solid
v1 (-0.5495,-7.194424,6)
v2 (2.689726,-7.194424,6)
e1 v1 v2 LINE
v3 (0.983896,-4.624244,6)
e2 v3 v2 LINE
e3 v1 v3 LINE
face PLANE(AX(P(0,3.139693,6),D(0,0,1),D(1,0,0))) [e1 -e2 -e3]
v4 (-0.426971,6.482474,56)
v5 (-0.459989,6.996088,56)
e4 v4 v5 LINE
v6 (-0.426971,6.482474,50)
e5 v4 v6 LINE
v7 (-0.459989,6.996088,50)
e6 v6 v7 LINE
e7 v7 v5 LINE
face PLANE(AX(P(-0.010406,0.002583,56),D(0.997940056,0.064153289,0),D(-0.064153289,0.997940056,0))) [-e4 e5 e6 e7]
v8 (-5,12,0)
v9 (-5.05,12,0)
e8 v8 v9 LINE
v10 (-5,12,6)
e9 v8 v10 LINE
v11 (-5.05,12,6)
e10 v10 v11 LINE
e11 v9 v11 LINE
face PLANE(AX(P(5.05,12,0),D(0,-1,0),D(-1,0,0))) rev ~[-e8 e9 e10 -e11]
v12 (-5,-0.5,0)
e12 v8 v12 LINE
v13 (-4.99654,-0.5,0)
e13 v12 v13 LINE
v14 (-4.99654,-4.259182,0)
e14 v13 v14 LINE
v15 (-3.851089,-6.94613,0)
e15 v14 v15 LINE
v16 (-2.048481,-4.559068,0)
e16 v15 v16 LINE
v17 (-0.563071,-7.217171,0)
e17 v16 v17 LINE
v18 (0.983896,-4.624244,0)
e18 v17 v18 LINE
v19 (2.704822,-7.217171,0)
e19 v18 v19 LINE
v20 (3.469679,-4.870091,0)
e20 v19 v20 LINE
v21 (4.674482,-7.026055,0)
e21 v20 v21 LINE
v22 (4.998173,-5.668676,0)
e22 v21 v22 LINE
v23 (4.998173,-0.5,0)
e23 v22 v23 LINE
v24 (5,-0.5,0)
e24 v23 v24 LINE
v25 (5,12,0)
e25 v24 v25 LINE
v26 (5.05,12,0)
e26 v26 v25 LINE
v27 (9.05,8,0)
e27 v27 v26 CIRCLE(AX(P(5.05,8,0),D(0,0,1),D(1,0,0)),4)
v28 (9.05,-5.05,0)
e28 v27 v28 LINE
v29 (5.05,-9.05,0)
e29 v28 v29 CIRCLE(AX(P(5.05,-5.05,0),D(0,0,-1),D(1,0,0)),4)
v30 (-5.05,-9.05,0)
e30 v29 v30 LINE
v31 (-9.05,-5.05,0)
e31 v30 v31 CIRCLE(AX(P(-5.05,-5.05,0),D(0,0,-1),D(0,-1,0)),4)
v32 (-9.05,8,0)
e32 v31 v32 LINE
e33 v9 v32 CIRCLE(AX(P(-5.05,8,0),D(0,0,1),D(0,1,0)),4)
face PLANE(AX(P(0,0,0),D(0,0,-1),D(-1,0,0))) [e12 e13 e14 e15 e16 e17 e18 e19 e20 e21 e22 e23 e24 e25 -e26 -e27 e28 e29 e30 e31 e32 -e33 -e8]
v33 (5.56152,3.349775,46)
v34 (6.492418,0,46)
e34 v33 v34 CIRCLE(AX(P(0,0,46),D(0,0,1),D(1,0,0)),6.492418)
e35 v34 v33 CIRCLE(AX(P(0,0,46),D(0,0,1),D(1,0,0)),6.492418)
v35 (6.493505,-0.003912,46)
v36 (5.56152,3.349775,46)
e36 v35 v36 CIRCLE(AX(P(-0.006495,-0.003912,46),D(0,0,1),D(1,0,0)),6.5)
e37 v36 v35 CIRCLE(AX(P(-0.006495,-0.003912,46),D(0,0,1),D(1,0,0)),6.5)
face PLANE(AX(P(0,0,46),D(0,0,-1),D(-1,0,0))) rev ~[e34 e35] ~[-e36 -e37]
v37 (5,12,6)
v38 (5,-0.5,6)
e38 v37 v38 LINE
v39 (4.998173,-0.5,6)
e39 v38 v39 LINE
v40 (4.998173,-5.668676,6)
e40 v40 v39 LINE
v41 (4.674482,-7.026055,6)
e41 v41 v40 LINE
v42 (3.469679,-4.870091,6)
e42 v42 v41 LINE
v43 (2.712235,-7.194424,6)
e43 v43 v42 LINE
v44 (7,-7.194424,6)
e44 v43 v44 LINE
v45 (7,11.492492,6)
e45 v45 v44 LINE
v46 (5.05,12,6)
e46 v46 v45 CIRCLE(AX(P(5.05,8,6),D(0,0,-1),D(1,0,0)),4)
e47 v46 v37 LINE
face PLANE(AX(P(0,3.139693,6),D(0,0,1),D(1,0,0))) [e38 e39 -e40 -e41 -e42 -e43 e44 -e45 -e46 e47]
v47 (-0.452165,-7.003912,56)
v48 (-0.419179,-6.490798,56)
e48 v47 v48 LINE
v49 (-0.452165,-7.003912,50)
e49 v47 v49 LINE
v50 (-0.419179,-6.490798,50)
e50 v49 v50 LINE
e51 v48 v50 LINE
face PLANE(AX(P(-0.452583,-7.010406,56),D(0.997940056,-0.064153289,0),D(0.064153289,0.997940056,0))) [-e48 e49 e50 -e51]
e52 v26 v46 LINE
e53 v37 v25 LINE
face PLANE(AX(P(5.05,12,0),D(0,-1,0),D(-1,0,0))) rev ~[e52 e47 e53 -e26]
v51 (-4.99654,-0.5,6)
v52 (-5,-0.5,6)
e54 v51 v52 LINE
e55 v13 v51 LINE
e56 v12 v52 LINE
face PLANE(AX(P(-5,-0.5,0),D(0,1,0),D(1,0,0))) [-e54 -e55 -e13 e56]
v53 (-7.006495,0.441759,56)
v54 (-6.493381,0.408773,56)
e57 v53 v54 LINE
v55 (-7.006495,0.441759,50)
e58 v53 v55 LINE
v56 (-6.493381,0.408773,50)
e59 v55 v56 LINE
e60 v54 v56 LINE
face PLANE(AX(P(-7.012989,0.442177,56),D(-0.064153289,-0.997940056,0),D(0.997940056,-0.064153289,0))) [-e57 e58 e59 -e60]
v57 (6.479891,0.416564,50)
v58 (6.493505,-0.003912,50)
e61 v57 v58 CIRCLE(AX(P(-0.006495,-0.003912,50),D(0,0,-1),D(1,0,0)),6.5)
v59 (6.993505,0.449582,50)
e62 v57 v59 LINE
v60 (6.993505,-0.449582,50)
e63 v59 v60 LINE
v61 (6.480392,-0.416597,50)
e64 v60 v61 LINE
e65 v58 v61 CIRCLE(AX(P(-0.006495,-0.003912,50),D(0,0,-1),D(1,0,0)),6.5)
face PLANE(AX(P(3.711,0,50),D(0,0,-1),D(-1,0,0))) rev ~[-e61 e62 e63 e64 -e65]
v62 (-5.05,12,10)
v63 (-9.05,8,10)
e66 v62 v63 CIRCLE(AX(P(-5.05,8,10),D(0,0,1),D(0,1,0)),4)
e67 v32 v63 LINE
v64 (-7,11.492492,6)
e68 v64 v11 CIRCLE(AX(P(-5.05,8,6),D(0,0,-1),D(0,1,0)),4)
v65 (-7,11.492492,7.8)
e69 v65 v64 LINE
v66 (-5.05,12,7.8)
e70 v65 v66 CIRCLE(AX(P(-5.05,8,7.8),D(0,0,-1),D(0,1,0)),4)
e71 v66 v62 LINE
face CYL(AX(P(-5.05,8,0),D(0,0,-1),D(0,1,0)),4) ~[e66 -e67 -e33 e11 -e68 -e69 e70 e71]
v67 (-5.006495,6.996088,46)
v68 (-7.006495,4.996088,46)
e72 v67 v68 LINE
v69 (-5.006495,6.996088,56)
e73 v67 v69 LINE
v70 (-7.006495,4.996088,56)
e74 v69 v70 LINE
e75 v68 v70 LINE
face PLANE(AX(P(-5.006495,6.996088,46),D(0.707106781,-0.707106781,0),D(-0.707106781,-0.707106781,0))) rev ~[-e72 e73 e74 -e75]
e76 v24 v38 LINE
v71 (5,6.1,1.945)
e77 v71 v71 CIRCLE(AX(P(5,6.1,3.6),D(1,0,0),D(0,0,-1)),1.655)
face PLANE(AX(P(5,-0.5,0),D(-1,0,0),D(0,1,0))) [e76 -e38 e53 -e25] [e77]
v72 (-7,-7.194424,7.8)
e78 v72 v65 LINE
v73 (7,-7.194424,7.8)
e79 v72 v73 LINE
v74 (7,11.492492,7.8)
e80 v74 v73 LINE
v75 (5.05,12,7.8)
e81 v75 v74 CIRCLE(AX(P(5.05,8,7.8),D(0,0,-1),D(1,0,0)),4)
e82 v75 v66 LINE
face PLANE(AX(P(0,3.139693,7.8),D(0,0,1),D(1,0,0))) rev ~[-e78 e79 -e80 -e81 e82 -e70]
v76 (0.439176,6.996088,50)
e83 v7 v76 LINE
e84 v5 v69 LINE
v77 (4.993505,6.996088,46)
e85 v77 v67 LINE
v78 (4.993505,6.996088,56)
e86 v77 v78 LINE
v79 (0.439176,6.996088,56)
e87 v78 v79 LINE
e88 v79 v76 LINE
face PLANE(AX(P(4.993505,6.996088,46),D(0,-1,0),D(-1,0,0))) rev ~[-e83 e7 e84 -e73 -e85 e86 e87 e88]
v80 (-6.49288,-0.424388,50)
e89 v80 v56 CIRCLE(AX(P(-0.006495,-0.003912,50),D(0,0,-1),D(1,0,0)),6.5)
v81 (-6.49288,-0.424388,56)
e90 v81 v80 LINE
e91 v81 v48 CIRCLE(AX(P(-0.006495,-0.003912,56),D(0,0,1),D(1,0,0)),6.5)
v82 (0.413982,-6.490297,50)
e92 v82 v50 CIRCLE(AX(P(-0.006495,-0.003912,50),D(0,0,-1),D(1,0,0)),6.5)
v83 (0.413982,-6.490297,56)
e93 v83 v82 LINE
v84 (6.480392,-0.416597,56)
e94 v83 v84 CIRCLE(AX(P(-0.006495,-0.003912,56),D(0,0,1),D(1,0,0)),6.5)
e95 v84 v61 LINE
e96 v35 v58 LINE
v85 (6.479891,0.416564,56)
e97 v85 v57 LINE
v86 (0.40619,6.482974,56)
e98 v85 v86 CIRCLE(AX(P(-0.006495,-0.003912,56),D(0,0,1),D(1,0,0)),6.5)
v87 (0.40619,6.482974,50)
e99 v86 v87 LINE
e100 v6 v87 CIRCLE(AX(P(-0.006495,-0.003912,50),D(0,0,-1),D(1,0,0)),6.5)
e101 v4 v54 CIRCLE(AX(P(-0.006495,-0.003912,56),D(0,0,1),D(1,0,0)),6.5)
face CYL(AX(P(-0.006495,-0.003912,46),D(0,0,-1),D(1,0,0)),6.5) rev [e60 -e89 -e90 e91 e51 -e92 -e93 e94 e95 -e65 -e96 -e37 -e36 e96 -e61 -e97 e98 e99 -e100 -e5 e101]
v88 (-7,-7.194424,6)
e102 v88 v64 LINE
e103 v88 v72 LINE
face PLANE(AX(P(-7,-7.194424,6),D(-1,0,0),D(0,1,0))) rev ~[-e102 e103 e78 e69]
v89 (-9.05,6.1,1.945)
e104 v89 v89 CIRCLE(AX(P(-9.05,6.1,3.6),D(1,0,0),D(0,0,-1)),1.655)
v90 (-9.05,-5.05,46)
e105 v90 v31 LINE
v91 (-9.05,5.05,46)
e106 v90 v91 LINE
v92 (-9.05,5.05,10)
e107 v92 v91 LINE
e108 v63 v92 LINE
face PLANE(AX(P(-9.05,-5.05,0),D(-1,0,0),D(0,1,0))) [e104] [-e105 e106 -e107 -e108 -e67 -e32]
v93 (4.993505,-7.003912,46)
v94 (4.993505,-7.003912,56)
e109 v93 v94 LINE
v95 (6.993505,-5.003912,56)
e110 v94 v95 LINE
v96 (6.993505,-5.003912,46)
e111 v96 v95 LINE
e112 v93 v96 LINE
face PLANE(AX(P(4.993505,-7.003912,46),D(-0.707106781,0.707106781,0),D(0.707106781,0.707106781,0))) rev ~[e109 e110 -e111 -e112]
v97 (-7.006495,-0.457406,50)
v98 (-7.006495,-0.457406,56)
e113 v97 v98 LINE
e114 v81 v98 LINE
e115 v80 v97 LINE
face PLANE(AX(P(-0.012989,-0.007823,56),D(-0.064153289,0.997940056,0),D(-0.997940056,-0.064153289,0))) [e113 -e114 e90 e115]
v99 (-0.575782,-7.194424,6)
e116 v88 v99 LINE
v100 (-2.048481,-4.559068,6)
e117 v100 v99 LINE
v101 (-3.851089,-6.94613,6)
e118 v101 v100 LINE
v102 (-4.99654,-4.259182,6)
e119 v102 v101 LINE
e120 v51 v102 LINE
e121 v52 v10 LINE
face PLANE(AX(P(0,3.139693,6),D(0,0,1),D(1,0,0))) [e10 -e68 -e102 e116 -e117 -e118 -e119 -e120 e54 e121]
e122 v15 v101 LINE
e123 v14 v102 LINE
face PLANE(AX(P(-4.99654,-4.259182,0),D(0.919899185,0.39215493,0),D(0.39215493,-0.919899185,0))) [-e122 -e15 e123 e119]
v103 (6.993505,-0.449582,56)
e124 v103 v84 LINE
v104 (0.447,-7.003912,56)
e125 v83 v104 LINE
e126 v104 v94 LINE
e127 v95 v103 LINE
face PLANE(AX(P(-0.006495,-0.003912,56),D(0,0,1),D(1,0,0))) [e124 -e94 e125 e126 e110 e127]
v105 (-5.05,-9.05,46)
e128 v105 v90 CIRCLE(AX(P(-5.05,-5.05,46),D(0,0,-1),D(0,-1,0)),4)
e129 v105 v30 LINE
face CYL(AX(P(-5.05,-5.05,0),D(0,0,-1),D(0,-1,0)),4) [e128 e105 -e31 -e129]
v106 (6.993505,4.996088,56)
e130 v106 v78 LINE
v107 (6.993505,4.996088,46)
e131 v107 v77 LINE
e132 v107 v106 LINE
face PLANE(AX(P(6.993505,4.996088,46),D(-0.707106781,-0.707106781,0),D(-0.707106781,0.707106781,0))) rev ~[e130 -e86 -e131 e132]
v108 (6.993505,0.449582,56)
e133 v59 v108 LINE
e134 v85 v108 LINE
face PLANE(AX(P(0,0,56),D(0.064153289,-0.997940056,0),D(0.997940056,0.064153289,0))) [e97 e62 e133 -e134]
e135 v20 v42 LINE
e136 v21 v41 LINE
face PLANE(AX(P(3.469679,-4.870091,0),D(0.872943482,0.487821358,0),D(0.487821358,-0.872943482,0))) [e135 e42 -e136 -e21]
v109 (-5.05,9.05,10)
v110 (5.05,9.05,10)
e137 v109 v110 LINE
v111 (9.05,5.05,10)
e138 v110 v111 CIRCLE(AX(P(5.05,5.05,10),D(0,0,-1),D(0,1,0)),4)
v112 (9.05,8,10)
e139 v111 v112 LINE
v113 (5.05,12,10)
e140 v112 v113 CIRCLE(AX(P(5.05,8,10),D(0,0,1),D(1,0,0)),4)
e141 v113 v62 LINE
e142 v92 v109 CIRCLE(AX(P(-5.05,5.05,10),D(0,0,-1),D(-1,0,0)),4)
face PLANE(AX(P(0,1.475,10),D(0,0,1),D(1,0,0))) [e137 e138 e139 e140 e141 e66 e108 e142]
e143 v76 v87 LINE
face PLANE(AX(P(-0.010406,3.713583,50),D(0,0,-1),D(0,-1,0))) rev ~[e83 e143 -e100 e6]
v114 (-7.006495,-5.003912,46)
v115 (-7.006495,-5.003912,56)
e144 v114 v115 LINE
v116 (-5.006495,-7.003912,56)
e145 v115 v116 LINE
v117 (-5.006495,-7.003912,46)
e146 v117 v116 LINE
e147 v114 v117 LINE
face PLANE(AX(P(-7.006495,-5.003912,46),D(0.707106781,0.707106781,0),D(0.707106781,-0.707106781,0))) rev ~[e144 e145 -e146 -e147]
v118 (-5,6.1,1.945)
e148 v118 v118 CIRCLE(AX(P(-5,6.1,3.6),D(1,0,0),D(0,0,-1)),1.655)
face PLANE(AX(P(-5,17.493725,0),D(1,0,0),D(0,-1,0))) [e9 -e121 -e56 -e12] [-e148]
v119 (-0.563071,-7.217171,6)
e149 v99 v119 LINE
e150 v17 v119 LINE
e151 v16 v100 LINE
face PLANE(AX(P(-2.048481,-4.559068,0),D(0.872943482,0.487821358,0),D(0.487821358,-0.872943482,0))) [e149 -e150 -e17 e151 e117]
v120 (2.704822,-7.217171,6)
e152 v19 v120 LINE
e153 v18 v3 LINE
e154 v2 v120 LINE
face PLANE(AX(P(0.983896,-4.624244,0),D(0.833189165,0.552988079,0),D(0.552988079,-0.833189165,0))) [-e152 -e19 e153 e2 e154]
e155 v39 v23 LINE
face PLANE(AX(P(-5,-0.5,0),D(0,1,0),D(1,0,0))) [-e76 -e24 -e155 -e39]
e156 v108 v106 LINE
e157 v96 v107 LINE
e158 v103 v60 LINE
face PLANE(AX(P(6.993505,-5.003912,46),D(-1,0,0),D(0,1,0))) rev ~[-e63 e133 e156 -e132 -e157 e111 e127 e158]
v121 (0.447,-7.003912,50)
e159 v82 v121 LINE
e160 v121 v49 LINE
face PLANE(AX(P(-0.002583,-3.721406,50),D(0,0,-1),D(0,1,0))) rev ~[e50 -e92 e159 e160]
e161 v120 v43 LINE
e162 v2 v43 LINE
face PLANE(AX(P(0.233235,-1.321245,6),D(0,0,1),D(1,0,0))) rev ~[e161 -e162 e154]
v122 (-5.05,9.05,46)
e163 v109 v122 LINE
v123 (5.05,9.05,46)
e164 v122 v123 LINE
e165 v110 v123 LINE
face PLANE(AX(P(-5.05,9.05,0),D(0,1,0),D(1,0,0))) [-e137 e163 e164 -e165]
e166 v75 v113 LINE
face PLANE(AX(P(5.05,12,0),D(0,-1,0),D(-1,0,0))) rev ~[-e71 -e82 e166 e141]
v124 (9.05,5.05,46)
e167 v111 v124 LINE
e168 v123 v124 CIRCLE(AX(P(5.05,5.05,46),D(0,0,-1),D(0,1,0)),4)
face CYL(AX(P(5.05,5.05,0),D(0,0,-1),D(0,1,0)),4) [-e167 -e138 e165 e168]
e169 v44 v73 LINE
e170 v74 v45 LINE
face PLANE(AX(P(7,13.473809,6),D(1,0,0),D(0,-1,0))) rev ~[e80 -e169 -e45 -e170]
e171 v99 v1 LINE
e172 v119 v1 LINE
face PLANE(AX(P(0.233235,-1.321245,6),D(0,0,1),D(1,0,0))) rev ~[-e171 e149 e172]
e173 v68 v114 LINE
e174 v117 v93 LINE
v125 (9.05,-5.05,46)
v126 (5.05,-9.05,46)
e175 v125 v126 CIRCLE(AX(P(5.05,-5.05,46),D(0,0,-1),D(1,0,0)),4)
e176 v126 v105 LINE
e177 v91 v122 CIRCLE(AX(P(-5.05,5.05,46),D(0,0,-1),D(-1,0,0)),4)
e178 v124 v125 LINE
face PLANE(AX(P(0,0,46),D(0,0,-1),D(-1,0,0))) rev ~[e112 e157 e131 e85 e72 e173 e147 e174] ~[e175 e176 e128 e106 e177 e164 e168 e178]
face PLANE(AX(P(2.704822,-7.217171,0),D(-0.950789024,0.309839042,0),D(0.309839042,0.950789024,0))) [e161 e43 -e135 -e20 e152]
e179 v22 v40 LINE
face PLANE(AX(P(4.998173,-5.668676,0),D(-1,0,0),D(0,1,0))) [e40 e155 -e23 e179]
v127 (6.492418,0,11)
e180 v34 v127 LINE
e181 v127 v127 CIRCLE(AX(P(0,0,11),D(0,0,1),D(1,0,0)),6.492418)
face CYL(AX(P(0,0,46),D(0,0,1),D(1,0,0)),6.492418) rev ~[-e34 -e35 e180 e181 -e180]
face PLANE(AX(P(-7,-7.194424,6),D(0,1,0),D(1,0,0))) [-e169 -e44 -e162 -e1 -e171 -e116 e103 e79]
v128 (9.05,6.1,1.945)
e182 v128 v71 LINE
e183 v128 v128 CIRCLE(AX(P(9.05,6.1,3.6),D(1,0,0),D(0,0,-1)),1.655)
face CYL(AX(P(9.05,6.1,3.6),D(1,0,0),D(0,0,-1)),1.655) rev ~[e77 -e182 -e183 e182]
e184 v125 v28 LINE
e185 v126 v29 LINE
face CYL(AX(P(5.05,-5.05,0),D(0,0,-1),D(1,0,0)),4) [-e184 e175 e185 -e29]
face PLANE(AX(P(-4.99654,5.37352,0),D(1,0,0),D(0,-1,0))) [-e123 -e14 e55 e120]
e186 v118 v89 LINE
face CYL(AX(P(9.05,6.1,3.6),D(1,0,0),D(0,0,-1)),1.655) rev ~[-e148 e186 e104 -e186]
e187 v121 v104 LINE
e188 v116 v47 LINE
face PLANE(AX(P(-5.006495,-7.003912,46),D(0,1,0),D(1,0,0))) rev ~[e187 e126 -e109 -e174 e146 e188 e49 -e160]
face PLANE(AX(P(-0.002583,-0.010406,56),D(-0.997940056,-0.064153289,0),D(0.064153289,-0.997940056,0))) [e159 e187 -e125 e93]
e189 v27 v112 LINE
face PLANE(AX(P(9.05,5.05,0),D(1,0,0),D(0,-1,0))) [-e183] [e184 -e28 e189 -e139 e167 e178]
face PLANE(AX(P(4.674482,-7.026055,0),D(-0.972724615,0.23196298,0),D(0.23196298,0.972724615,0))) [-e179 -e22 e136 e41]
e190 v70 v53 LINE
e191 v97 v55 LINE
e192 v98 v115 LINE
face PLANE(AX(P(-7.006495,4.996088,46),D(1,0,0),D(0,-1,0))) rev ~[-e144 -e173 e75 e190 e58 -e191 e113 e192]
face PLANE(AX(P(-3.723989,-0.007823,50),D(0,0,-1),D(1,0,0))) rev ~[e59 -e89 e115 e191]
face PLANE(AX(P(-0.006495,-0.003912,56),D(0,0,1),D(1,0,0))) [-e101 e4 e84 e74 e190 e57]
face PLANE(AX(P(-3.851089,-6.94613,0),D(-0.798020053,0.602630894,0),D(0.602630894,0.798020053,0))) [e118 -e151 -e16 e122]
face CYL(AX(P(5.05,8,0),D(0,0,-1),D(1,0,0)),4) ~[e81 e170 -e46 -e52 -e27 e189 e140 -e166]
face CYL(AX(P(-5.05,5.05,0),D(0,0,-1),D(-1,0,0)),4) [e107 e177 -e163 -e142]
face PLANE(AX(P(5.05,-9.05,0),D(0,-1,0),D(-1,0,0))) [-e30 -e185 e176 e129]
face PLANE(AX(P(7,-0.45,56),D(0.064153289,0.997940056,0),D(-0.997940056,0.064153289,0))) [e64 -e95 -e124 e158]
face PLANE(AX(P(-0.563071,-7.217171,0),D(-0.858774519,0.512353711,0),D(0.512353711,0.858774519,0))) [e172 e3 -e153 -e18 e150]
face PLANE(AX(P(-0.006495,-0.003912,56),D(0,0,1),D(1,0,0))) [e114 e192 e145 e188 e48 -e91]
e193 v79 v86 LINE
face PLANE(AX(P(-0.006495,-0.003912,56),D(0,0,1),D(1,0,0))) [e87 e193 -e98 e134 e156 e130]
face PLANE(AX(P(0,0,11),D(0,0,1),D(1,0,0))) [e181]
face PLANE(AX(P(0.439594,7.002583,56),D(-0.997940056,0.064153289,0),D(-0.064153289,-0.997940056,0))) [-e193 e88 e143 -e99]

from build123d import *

# Parameters (mm, degrees)
BOSS_EXTRUDE1_DEPTH = 46
BOSS_EXTRUDE3_DEPTH = 10
SKETCH17_R          = 1.655
CUT_EXTRUDE10_DEPTH = 30
CUT_EXTRUDE11_DEPTH = 6
CUT_EXTRUDE12_DEPTH = 1.8
CUT_EXTRUDE13_DEPTH = 7.2
SKETCH22_R          = 6.5
BOSS_EXTRUDE4_DEPTH = 10
CUT_EXTRUDE14_DEPTH = 6
CIRPATTERN1_COUNT   = 4
SKETCH24_R          = 6.492418411
CUT_EXTRUDE15_DEPTH = 35


with BuildPart() as part:
    # Sketch1 → Boss-Extrude1 (new body)
    with BuildSketch(Plane.XY):
        with BuildLine():
            Line((-5.05, 9.05), (5.05, 9.05))
            ThreePointArc((5.05, 9.05), (7.878427125, 7.878427125), (9.05, 5.05))
            Line((9.05, 5.05), (9.05, -5.05))
            ThreePointArc((9.05, -5.05), (7.878427125, -7.878427125), (5.05, -9.05))
            Line((5.05, -9.05), (-5.05, -9.05))
            ThreePointArc((-5.05, -9.05), (-7.878427125, -7.878427125), (-9.05, -5.05))
            Line((-9.05, -5.05), (-9.05, 5.05))
            ThreePointArc((-9.05, 5.05), (-7.878427125, 7.878427125), (-5.05, 9.05))
        make_face()
    extrude(amount=BOSS_EXTRUDE1_DEPTH)

    # Sketch15 → Boss-Extrude3 (add)
    with BuildSketch(Plane.XY):
        with BuildLine():
            Line((-5.05, -9.05), (5.05, -9.05))
            ThreePointArc((5.05, -9.05), (7.878427125, -7.878427125), (9.05, -5.05))
            Line((9.05, -5.05), (9.05, 8))
            ThreePointArc((9.05, 8), (7.878427125, 10.828427125), (5.05, 12))
            Line((5.05, 12), (-5.05, 12))
            ThreePointArc((-5.05, 12), (-7.878427125, 10.828427125), (-9.05, 8))
            Line((-9.05, 8), (-9.05, -5.05))
            ThreePointArc((-9.05, -5.05), (-7.878427125, -7.878427125), (-5.05, -9.05))
        make_face()
    extrude(amount=BOSS_EXTRUDE3_DEPTH)

    # Sketch17 → Cut-Extrude10 (cut)
    with BuildSketch(Plane(origin=(9.05, 0, 0), x_dir=(0, 0, -1), z_dir=(1, 0, 0))):
        with Locations((-3.6, 6.1)):
            Circle(SKETCH17_R)
    extrude(amount=-CUT_EXTRUDE10_DEPTH, mode=Mode.SUBTRACT)

    # Sketch18 → Cut-Extrude11 (cut)
    with BuildSketch(Plane.XY):
        Polygon((-4.996539756, -4.259182236), (-3.851088562, -6.946129507), (-2.048481088, -4.559068161), (-0.563070773, -7.21717083), (0.983895836, -4.624244345), (2.704822485, -7.21717083), (3.469678774, -4.870091009), (4.674482161, -7.026054964), (4.998172504, -5.668676456), (4.998172504, 5.373520003), (-4.996539756, 5.373520003), align=None)
    extrude(amount=CUT_EXTRUDE11_DEPTH, mode=Mode.SUBTRACT)

    # Sketch20 → Cut-Extrude12 (cut)
    with BuildSketch(Plane(origin=(0, 0, 6), x_dir=(-1, 0, 0), z_dir=(0, 0, -1))):
        Polygon((-7, 0), (-7, 13.473809321), (7, 13.473809321), (7, 0), (7, -7.194424303), (-7, -7.194424303), align=None)
    extrude(amount=-CUT_EXTRUDE12_DEPTH, mode=Mode.SUBTRACT)

    # Sketch21 → Cut-Extrude13 (cut)
    with BuildSketch(Plane.XY):
        Polygon((5, 17.493725323), (-5, 17.493725323), (-5, 0), (-5, -0.5), (5, -0.5), (5, 0), align=None)
    extrude(amount=CUT_EXTRUDE13_DEPTH, mode=Mode.SUBTRACT)

    # Sketch22 → Boss-Extrude4 (add)
    with BuildSketch(Plane.XY.offset(46)):
        Polygon((-5.006494522, -7.003911735), (4.993505478, -7.003911735), (6.993505478, -5.003911735), (6.993505478, 4.996088265), (4.993505478, 6.996088265), (-5.006494522, 6.996088265), (-7.006494522, 4.996088265), (-7.006494522, -5.003911735), align=None)
        with Locations((-0.006494522, -0.003911735)):
            Circle(SKETCH22_R, mode=Mode.SUBTRACT)
    extrude(amount=BOSS_EXTRUDE4_DEPTH)

    # Sketch23 → Cut-Extrude14 (cut)
    with BuildSketch(Plane.XY.offset(56)):
        Polygon((0, 0), (7, 0.45), (7, -0.45), align=None)
    cut_extrude14 = extrude(amount=-CUT_EXTRUDE14_DEPTH, mode=Mode.SUBTRACT)

    # CirPattern1: Cut-Extrude14 ×4 about axis
    cirpattern1_axis = Axis((-0.006494522, -0.003911735, 0), (0, 0, 1))
    for i in range(1, CIRPATTERN1_COUNT):
        add(cut_extrude14.rotate(cirpattern1_axis, i * 360 / CIRPATTERN1_COUNT), mode=Mode.SUBTRACT)

    # Sketch24 → Cut-Extrude15 (cut)
    with BuildSketch(Plane.XY.offset(46)):
        Circle(SKETCH24_R)
    extrude(amount=-CUT_EXTRUDE15_DEPTH, mode=Mode.SUBTRACT)


solid = part.part
